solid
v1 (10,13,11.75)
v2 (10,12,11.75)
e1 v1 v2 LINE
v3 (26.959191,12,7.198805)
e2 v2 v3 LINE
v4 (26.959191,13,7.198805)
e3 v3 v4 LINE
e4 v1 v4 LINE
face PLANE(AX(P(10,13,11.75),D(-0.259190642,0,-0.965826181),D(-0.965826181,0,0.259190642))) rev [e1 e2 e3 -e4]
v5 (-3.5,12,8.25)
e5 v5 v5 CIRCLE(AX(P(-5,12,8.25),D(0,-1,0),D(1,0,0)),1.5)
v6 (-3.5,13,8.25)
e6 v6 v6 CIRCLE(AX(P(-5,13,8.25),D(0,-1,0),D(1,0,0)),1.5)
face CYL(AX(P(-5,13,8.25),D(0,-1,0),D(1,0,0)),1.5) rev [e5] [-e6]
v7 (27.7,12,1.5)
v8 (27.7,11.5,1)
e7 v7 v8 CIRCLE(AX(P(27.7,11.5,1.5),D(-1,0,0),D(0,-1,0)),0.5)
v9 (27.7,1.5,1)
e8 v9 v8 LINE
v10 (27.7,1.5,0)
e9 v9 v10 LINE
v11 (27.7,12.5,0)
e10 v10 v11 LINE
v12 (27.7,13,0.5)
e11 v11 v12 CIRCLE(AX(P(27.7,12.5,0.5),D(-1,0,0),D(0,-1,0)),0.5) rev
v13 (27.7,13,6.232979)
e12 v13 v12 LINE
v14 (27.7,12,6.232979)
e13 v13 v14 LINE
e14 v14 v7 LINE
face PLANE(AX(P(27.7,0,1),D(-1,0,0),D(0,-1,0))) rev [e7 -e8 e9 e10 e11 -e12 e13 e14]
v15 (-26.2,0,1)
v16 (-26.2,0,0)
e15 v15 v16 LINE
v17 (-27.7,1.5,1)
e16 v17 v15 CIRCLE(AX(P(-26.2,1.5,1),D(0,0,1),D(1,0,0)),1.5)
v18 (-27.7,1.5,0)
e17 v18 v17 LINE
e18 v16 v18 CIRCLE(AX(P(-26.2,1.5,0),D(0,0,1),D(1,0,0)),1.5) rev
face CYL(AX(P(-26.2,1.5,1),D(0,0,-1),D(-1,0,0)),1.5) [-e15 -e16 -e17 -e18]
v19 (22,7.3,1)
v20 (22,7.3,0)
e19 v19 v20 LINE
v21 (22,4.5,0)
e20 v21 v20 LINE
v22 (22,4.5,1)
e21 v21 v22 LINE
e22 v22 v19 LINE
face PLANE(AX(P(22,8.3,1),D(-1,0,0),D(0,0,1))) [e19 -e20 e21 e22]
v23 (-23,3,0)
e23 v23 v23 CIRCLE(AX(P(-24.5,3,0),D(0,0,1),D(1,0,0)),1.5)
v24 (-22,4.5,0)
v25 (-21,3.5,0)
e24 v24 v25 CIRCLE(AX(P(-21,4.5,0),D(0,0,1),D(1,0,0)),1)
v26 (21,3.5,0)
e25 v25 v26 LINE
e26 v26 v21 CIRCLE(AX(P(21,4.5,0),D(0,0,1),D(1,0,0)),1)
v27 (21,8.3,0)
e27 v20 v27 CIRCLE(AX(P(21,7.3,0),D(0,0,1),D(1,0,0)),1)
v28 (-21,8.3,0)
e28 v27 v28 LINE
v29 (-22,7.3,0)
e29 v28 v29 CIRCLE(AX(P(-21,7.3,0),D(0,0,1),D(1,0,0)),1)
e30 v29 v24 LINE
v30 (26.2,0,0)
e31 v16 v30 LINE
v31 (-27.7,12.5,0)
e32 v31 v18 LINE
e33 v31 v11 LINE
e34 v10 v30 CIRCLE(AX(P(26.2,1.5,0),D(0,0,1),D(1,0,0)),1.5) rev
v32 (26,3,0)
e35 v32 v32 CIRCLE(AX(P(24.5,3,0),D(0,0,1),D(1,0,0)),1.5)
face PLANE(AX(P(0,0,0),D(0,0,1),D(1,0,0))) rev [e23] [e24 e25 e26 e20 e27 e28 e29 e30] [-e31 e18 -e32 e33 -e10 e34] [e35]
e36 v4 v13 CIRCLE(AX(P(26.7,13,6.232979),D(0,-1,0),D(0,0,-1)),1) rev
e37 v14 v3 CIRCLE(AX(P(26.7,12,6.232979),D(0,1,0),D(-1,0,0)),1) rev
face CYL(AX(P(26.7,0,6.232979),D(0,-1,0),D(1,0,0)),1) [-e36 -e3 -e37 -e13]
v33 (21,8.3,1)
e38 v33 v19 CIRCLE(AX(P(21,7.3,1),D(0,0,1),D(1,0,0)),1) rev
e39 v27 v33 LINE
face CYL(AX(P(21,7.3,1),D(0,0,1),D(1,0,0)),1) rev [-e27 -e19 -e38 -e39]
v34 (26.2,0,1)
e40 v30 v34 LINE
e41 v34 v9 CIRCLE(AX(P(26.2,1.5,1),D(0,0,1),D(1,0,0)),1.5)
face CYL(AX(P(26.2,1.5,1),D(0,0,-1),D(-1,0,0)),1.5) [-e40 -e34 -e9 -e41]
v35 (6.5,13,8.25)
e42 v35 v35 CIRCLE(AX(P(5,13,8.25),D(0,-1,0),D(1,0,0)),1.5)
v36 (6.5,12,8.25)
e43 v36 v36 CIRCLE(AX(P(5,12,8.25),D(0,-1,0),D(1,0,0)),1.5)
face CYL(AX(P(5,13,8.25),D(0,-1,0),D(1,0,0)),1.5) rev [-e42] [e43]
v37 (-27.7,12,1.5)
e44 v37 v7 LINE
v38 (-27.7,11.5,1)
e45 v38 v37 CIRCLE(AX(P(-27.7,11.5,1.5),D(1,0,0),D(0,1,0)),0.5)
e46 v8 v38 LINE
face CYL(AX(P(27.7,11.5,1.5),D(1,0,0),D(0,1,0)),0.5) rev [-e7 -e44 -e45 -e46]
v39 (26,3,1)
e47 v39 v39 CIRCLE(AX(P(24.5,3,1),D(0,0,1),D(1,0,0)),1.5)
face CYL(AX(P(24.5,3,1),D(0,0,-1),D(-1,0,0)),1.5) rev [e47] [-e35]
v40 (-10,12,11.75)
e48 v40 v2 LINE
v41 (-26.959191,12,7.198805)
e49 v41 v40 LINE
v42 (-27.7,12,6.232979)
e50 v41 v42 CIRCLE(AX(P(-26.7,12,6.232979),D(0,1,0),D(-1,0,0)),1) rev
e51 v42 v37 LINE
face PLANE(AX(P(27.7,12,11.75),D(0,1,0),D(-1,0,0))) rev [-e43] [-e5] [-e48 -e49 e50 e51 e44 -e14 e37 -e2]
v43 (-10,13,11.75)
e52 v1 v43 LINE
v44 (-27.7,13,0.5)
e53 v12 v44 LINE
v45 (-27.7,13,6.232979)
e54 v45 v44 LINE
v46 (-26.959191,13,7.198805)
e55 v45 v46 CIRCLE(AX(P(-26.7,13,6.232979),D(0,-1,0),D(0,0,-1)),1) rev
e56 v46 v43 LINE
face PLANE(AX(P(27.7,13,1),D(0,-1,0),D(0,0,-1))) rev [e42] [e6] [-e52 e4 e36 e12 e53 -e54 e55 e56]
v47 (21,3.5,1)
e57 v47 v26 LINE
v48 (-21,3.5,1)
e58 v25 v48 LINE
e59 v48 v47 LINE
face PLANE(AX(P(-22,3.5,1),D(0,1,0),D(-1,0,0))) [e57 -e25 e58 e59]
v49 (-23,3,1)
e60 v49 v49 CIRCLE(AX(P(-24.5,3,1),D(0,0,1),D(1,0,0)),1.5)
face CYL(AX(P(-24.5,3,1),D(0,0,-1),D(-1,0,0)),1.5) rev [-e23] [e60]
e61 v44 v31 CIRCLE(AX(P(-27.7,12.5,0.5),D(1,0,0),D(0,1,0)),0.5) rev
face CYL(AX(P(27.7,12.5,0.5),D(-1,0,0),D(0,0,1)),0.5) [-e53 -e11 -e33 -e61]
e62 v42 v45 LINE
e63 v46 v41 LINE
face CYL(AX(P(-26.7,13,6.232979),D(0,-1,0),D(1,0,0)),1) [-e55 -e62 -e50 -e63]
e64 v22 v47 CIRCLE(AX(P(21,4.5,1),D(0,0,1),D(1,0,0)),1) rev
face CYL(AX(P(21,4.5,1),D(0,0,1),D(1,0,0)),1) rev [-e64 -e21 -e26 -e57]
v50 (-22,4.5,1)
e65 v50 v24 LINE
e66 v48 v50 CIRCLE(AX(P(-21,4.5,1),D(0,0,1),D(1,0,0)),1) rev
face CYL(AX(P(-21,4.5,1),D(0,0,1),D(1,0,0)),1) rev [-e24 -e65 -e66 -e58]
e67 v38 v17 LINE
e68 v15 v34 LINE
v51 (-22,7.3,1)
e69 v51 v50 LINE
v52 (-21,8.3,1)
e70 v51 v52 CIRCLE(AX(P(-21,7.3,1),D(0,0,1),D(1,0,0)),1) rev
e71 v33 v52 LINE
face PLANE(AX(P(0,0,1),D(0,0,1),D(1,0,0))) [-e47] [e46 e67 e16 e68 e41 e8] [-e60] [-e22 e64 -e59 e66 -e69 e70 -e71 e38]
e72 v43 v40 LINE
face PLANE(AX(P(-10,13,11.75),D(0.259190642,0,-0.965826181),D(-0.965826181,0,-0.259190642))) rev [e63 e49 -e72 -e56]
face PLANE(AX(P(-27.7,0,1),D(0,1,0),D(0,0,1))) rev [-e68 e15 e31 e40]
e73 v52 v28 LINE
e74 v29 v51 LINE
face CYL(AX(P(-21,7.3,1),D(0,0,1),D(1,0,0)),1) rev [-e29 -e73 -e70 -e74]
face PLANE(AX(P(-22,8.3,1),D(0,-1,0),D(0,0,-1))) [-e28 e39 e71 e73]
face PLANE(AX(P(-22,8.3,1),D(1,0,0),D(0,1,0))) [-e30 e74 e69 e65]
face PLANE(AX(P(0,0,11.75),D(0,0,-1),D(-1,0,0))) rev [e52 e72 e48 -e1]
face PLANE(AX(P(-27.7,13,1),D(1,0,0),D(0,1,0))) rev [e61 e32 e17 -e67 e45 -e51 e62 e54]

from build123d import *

# Parameters (mm, degrees)
SKETCH_1_W          = 55.4
SKETCH_1_H          = 13
SKETCH_1_R          = 1.5
SKETCH_1_W_2        = 44
SKETCH_1_H_2        = 4.8
EXTRUDE_1_DEPTH     = 1
SKETCH_2_W          = 55.4
SKETCH_2_H          = 1
EXTRUDE_2_DEPTH     = 10.75
CUT_EXTRUDE_1_DEPTH = 2
SKETCH_4_R          = 1.5
CUT_EXTRUDE_2_DEPTH = 2
FILLET_1_R          = 0.5
FILLET_2_R          = 1
FILLET_3_R          = 1.5
FILLET_4_R          = 1


with BuildPart() as part:
    # 草图1 → 凸台-拉伸1 (new body)
    with BuildSketch(Plane.XY):
        with Locations((0, 6.5)):
            Rectangle(SKETCH_1_W, SKETCH_1_H)
        with Locations((-24.5, 3)):
            Circle(SKETCH_1_R, mode=Mode.SUBTRACT)
        with Locations((24.5, 3)):
            Circle(SKETCH_1_R, mode=Mode.SUBTRACT)
        with Locations((0, 5.9)):
            Rectangle(SKETCH_1_W_2, SKETCH_1_H_2, mode=Mode.SUBTRACT)
    extrude(amount=EXTRUDE_1_DEPTH)

    # 草图2 → 凸台-拉伸2 (add)
    with BuildSketch(Plane.XY.offset(1)):
        with Locations((0, 12.5)):
            Rectangle(SKETCH_2_W, SKETCH_2_H)
    extrude(amount=EXTRUDE_2_DEPTH)

    # 草图3 → 切除-拉伸1 (cut, through all)
    with BuildSketch(Plane.XZ.offset(-12)):
        Polygon((-27.7, 11.75), (-27.7, 7), (-10, 11.75), align=None)
        Polygon((27.7, 11.75), (27.7, 7), (10, 11.75), align=None)
    extrude(amount=-CUT_EXTRUDE_1_DEPTH, mode=Mode.SUBTRACT)

    # 草图4 → 切除-拉伸2 (cut, through all)
    with BuildSketch(Plane.XZ.offset(-12)):
        with Locations((-5, 8.25)):
            Circle(SKETCH_4_R)
        with Locations((5, 8.25)):
            Circle(SKETCH_4_R)
    extrude(amount=-CUT_EXTRUDE_2_DEPTH, mode=Mode.SUBTRACT)

    # 圆角1
    fillet_1_edges = [part.edges().sort_by_distance(p)[0] for p in [
        (0, 13, 0),
        (0, 12, 1),
    ]]
    fillet(fillet_1_edges, radius=FILLET_1_R)

    # 圆角2
    fillet_2_edges = [part.edges().sort_by_distance(p)[0] for p in [
        (22, 3.5, 0.5),
        (22, 8.3, 0.5),
        (-22, 8.3, 0.5),
        (-22, 3.5, 0.5),
    ]]
    fillet(fillet_2_edges, radius=FILLET_2_R)

    # 圆角3
    fillet_3_edges = [part.edges().sort_by_distance(p)[0] for p in [
        (27.7, 0, 0.5),
        (-27.7, 0, 0.5),
    ]]
    fillet(fillet_3_edges, radius=FILLET_3_R)

    # 圆角4
    fillet_4_edges = [part.edges().sort_by_distance(p)[0] for p in [
        (-27.7, 12.5, 7),
        (27.7, 12.5, 7),
    ]]
    fillet(fillet_4_edges, radius=FILLET_4_R)


solid = part.part
